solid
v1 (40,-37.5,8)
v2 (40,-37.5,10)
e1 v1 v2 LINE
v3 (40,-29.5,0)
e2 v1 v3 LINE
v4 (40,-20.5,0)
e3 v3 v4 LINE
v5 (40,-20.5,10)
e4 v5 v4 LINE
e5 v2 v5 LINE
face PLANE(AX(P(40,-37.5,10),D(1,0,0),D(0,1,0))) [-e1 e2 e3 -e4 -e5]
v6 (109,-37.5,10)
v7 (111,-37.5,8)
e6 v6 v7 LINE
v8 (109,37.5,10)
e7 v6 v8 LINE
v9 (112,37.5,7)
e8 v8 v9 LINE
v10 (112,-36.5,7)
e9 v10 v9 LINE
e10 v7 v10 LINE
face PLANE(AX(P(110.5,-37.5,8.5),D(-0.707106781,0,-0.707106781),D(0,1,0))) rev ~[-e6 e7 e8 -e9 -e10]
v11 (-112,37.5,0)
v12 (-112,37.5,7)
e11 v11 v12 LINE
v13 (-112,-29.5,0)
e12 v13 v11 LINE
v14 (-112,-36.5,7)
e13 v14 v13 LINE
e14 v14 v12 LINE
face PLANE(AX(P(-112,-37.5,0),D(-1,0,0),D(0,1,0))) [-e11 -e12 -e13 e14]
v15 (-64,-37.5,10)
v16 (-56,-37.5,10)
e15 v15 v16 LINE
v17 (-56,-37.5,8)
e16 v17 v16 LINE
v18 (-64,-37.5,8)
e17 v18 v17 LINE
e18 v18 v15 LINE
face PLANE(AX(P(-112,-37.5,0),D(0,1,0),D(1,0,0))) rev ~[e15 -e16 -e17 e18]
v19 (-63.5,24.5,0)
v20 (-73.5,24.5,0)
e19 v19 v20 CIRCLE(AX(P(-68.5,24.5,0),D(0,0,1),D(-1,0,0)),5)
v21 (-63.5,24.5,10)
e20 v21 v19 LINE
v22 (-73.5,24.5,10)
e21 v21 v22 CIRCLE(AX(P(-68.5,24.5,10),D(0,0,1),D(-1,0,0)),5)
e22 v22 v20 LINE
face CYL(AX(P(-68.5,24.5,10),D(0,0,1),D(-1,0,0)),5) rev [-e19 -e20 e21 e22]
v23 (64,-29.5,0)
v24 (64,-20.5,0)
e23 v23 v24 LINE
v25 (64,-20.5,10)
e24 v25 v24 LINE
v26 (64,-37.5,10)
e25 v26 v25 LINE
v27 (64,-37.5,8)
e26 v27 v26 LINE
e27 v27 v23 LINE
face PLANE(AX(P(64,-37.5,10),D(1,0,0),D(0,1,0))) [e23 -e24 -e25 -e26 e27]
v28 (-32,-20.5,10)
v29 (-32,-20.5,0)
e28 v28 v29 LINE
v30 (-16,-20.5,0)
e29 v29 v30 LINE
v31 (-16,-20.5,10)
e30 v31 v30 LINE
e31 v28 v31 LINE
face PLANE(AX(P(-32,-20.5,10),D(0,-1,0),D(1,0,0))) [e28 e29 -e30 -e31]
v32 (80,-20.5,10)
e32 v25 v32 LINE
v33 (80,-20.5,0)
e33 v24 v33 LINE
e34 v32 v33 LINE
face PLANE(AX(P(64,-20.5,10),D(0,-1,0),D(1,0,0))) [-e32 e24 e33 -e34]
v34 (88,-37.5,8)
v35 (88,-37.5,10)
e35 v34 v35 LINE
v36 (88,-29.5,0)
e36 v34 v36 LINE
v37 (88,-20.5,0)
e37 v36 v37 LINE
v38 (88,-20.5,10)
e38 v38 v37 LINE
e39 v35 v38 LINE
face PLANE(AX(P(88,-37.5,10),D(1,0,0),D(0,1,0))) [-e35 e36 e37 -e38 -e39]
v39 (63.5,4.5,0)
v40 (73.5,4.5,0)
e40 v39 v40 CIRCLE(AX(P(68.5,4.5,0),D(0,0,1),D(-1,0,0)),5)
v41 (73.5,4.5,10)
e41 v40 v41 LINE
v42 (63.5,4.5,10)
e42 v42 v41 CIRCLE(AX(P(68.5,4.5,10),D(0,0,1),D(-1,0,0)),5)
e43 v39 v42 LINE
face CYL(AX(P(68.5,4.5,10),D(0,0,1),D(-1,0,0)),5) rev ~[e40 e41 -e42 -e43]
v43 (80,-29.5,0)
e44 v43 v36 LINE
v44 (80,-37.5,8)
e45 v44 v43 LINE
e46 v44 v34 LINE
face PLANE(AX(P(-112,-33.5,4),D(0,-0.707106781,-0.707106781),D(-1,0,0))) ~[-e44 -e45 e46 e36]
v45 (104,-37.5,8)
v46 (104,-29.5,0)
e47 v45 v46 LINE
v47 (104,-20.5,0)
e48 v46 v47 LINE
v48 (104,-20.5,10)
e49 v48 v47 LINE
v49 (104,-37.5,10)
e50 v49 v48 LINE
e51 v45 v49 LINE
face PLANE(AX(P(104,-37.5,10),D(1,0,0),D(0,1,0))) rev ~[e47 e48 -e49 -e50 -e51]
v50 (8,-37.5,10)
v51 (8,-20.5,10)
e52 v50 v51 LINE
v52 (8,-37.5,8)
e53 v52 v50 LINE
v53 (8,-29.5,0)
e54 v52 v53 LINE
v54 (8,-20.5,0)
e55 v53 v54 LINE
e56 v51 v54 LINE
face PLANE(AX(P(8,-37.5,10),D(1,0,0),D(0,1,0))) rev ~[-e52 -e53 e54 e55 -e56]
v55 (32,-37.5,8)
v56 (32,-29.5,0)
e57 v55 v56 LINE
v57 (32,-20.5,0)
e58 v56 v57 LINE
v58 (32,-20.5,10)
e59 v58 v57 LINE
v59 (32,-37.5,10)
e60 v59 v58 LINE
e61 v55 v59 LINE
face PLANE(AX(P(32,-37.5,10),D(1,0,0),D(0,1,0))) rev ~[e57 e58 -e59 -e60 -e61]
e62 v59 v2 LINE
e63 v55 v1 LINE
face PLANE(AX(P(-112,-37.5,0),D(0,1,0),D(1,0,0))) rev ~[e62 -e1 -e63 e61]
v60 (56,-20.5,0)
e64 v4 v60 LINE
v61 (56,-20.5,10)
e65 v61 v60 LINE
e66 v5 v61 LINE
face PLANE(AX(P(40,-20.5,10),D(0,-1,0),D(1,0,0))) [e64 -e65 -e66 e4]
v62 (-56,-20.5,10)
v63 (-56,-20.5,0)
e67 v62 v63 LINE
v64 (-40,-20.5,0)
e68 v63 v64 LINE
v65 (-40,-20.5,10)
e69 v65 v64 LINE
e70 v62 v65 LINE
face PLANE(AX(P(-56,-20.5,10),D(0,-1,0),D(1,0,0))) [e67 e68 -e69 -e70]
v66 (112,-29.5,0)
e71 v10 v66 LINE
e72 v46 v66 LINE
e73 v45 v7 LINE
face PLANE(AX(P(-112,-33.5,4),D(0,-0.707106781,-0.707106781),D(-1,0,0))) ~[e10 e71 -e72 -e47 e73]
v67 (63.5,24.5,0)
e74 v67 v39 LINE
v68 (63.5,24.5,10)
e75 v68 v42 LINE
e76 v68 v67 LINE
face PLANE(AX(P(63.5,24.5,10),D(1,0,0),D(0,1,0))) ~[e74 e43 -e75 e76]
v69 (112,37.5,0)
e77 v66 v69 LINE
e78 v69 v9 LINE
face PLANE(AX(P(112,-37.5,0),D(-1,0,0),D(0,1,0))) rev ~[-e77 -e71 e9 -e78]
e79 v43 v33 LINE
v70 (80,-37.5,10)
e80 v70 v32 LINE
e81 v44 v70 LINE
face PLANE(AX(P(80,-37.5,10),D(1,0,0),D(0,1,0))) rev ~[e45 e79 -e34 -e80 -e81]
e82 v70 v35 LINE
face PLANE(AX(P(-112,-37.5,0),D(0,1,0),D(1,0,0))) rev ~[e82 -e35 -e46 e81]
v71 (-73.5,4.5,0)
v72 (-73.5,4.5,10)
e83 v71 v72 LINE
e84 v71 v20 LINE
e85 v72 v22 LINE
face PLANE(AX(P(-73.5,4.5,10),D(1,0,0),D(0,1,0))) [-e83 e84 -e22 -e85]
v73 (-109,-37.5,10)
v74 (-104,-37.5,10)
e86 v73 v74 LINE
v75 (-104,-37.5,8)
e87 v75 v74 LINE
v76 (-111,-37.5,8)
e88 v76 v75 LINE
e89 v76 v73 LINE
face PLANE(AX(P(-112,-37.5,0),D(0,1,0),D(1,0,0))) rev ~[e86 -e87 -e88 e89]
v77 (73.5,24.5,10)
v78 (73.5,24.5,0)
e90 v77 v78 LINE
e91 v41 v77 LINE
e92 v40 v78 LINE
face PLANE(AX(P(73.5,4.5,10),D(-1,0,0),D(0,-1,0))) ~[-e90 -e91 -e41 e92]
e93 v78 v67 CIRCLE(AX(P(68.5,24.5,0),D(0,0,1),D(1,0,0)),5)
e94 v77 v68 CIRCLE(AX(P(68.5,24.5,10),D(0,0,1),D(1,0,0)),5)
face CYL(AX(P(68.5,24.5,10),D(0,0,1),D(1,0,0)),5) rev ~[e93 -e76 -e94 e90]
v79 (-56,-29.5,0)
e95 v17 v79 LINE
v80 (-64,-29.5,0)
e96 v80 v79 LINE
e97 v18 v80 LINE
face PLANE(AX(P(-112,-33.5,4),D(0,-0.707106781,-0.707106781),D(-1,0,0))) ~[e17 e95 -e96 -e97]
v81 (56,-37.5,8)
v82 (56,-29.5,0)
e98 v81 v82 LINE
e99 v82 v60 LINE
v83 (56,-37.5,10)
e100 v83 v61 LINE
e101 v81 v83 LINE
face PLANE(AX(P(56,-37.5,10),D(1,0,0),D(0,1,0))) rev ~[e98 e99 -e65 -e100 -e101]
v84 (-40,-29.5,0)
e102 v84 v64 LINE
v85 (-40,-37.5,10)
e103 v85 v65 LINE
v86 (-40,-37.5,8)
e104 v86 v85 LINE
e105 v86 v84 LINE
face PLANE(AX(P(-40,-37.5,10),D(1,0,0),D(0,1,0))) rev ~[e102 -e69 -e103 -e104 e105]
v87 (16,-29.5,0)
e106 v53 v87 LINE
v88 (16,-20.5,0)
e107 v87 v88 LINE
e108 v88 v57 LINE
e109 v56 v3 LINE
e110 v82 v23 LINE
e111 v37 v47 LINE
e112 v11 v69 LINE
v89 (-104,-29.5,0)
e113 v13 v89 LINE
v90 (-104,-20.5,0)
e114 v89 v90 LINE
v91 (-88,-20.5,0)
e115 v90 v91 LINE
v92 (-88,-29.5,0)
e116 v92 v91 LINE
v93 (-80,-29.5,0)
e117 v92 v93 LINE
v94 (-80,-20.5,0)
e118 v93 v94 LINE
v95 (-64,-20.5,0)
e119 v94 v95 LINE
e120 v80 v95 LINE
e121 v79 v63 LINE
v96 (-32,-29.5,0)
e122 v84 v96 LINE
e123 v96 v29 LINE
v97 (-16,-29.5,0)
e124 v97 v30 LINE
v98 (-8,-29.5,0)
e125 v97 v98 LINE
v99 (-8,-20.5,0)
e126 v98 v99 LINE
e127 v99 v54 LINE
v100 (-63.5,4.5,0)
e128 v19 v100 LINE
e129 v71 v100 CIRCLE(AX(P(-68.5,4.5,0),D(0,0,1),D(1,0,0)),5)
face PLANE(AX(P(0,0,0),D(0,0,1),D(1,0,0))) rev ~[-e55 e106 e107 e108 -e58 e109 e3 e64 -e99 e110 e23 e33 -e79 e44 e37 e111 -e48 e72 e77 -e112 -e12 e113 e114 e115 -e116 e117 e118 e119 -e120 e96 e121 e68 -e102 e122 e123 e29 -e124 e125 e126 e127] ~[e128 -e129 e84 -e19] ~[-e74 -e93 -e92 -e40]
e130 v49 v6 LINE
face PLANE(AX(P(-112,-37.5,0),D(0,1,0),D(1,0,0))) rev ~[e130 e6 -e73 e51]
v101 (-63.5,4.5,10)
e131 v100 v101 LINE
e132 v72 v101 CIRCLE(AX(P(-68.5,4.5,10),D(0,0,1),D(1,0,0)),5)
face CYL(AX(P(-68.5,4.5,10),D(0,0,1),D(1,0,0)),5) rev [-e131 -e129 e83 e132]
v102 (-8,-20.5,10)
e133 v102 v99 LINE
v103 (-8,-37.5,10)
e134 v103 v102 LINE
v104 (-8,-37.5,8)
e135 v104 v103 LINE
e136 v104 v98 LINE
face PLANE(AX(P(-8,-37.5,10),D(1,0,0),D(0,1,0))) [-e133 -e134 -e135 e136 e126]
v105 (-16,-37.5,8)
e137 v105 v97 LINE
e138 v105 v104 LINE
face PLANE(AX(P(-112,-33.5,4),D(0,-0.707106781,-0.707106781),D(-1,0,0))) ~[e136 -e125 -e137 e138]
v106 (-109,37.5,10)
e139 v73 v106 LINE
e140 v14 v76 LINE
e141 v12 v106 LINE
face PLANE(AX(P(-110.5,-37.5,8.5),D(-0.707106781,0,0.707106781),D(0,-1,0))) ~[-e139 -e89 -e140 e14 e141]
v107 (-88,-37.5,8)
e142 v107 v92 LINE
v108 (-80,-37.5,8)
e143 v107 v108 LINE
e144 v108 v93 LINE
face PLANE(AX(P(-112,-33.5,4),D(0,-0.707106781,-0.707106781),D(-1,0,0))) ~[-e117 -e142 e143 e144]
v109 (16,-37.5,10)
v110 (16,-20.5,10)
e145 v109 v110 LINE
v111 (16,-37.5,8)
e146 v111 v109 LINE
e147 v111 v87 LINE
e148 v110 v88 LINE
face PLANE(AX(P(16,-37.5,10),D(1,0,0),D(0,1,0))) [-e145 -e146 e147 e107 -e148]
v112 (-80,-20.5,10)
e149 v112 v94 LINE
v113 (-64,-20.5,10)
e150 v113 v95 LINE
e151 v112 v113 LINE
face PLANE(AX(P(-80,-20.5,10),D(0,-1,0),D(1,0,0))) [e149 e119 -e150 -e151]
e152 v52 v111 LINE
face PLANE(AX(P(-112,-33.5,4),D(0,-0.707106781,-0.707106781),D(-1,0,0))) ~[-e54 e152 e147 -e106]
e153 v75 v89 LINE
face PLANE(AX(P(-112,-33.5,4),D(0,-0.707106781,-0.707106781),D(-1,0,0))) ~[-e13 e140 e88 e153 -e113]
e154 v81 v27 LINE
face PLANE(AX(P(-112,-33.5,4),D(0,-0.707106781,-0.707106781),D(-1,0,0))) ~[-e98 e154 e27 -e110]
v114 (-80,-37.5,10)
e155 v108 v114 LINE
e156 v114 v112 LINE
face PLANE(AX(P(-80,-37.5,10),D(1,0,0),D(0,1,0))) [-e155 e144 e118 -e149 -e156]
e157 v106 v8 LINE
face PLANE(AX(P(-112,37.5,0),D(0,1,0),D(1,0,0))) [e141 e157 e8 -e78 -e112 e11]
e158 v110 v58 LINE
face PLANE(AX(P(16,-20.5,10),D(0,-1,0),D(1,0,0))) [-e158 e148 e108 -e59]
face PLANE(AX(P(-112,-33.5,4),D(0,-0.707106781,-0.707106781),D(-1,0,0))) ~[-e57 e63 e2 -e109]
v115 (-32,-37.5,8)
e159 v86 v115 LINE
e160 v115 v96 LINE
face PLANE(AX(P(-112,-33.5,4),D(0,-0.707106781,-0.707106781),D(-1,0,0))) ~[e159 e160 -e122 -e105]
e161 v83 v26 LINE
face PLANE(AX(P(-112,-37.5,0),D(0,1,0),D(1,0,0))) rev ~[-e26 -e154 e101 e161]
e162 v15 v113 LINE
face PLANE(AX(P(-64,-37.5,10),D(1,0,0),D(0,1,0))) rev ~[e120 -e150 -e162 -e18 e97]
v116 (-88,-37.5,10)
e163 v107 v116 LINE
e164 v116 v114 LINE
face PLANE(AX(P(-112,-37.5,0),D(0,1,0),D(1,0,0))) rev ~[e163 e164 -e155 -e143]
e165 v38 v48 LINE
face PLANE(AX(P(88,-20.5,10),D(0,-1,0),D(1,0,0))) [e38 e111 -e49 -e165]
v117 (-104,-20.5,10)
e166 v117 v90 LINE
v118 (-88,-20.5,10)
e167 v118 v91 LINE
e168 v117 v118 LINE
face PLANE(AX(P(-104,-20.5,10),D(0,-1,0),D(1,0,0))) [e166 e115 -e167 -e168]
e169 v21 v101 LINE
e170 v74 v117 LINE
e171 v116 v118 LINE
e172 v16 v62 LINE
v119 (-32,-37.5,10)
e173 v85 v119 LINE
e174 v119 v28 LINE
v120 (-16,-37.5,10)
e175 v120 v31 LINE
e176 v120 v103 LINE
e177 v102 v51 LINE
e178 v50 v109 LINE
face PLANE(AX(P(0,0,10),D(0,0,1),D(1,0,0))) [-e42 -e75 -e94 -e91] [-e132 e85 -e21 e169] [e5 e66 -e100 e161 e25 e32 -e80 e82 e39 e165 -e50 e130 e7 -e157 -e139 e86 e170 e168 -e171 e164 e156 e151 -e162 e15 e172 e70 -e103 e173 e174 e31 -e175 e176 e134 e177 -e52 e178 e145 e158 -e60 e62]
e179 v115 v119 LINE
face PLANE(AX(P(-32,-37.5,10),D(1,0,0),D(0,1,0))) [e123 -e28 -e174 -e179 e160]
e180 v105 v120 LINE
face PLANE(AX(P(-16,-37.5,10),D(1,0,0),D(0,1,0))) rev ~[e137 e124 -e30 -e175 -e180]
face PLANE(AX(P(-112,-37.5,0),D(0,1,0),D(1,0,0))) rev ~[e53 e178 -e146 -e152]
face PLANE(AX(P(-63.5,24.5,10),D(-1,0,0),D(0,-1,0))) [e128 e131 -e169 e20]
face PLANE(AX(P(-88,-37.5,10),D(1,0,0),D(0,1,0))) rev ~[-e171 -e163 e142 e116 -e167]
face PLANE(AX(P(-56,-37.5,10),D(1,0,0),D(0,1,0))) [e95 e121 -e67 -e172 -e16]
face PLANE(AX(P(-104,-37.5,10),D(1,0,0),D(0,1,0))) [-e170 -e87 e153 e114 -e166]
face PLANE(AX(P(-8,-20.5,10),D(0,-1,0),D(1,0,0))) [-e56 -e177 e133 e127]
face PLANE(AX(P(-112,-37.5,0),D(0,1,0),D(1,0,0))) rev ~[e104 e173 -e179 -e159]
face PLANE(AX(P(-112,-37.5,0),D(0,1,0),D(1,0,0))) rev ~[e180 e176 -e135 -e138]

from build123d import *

# Parameters (mm, degrees)
SKETCH_1_W             = 224
SKETCH_1_H             = 75
EXTRUDE_1_DEPTH        = 10
CUT_EXTRUDE_1_DEPTH    = 119.533750468
CHAMFER_1_SIZE         = 8
SKETCH_3_W             = 16
SKETCH_3_H             = 17
CUT_EXTRUDE_2_DEPTH    = 119.533750468
CHAMFER_2_SIZE         = 3
PATTERN_LINEAR_1_COUNT = 5
PATTERN_LINEAR_1_PITCH = 24
PATTERN_LINEAR_2_COUNT = 5
PATTERN_LINEAR_2_PITCH = 24


with BuildPart() as part:
    # Эскиз1 → Бобышка-Вытянуть1 (new body)
    with BuildSketch(Plane.XY):
        Rectangle(SKETCH_1_W, SKETCH_1_H)
    extrude(amount=EXTRUDE_1_DEPTH)

    # Эскиз2 → Вырез-Вытянуть1 (cut, symmetric)
    with BuildSketch(Plane.XY.offset(10)):
        with BuildLine():
            Line((-73.5, 4.5), (-73.5, 24.5))
            ThreePointArc((-73.5, 24.5), (-68.5, 29.5), (-63.5, 24.5))
            Line((-63.5, 24.5), (-63.5, 4.5))
            ThreePointArc((-63.5, 4.5), (-68.5, -0.5), (-73.5, 4.5))
        make_face()
    cut_extrude_1 = extrude(amount=CUT_EXTRUDE_1_DEPTH, both=True, mode=Mode.SUBTRACT)

    # Фаска1
    chamfer_1_edges = [part.edges().sort_by_distance(p)[0] for p in [
        (0, -37.5, 0),
    ]]
    chamfer(chamfer_1_edges, length=CHAMFER_1_SIZE)

    # Эскиз3 → Вырез-Вытянуть2 (cut, symmetric)
    with BuildSketch(Plane.XY.offset(10)):
        with Locations((0, -29)):
            Rectangle(SKETCH_3_W, SKETCH_3_H)
    cut_extrude_2 = extrude(amount=CUT_EXTRUDE_2_DEPTH, both=True, mode=Mode.SUBTRACT)

    # Фаска2
    chamfer_2_edges = [part.edges().sort_by_distance(p)[0] for p in [
        (112, 0, 10),
        (-112, 0, 10),
    ]]
    chamfer(chamfer_2_edges, length=CHAMFER_2_SIZE)

    # Линейный массив1: Вырез-Вытянуть2 ×5
    with Locations(*[(-i * PATTERN_LINEAR_1_PITCH, 0, 0) for i in range(1, PATTERN_LINEAR_1_COUNT)]):
        add(cut_extrude_2, mode=Mode.SUBTRACT)

    # Линейный массив2: Вырез-Вытянуть2 ×5
    with Locations(*[(i * PATTERN_LINEAR_2_PITCH, 0, 0) for i in range(1, PATTERN_LINEAR_2_COUNT)]):
        add(cut_extrude_2, mode=Mode.SUBTRACT)

    # Зеркальное отражение2: Вырез-Вытянуть1 across plane
    add(cut_extrude_1.mirror(Plane(origin=(0, 0, 0), x_dir=(0, 0, 1), z_dir=(1, 0, 0))), mode=Mode.SUBTRACT)


solid = part.part
